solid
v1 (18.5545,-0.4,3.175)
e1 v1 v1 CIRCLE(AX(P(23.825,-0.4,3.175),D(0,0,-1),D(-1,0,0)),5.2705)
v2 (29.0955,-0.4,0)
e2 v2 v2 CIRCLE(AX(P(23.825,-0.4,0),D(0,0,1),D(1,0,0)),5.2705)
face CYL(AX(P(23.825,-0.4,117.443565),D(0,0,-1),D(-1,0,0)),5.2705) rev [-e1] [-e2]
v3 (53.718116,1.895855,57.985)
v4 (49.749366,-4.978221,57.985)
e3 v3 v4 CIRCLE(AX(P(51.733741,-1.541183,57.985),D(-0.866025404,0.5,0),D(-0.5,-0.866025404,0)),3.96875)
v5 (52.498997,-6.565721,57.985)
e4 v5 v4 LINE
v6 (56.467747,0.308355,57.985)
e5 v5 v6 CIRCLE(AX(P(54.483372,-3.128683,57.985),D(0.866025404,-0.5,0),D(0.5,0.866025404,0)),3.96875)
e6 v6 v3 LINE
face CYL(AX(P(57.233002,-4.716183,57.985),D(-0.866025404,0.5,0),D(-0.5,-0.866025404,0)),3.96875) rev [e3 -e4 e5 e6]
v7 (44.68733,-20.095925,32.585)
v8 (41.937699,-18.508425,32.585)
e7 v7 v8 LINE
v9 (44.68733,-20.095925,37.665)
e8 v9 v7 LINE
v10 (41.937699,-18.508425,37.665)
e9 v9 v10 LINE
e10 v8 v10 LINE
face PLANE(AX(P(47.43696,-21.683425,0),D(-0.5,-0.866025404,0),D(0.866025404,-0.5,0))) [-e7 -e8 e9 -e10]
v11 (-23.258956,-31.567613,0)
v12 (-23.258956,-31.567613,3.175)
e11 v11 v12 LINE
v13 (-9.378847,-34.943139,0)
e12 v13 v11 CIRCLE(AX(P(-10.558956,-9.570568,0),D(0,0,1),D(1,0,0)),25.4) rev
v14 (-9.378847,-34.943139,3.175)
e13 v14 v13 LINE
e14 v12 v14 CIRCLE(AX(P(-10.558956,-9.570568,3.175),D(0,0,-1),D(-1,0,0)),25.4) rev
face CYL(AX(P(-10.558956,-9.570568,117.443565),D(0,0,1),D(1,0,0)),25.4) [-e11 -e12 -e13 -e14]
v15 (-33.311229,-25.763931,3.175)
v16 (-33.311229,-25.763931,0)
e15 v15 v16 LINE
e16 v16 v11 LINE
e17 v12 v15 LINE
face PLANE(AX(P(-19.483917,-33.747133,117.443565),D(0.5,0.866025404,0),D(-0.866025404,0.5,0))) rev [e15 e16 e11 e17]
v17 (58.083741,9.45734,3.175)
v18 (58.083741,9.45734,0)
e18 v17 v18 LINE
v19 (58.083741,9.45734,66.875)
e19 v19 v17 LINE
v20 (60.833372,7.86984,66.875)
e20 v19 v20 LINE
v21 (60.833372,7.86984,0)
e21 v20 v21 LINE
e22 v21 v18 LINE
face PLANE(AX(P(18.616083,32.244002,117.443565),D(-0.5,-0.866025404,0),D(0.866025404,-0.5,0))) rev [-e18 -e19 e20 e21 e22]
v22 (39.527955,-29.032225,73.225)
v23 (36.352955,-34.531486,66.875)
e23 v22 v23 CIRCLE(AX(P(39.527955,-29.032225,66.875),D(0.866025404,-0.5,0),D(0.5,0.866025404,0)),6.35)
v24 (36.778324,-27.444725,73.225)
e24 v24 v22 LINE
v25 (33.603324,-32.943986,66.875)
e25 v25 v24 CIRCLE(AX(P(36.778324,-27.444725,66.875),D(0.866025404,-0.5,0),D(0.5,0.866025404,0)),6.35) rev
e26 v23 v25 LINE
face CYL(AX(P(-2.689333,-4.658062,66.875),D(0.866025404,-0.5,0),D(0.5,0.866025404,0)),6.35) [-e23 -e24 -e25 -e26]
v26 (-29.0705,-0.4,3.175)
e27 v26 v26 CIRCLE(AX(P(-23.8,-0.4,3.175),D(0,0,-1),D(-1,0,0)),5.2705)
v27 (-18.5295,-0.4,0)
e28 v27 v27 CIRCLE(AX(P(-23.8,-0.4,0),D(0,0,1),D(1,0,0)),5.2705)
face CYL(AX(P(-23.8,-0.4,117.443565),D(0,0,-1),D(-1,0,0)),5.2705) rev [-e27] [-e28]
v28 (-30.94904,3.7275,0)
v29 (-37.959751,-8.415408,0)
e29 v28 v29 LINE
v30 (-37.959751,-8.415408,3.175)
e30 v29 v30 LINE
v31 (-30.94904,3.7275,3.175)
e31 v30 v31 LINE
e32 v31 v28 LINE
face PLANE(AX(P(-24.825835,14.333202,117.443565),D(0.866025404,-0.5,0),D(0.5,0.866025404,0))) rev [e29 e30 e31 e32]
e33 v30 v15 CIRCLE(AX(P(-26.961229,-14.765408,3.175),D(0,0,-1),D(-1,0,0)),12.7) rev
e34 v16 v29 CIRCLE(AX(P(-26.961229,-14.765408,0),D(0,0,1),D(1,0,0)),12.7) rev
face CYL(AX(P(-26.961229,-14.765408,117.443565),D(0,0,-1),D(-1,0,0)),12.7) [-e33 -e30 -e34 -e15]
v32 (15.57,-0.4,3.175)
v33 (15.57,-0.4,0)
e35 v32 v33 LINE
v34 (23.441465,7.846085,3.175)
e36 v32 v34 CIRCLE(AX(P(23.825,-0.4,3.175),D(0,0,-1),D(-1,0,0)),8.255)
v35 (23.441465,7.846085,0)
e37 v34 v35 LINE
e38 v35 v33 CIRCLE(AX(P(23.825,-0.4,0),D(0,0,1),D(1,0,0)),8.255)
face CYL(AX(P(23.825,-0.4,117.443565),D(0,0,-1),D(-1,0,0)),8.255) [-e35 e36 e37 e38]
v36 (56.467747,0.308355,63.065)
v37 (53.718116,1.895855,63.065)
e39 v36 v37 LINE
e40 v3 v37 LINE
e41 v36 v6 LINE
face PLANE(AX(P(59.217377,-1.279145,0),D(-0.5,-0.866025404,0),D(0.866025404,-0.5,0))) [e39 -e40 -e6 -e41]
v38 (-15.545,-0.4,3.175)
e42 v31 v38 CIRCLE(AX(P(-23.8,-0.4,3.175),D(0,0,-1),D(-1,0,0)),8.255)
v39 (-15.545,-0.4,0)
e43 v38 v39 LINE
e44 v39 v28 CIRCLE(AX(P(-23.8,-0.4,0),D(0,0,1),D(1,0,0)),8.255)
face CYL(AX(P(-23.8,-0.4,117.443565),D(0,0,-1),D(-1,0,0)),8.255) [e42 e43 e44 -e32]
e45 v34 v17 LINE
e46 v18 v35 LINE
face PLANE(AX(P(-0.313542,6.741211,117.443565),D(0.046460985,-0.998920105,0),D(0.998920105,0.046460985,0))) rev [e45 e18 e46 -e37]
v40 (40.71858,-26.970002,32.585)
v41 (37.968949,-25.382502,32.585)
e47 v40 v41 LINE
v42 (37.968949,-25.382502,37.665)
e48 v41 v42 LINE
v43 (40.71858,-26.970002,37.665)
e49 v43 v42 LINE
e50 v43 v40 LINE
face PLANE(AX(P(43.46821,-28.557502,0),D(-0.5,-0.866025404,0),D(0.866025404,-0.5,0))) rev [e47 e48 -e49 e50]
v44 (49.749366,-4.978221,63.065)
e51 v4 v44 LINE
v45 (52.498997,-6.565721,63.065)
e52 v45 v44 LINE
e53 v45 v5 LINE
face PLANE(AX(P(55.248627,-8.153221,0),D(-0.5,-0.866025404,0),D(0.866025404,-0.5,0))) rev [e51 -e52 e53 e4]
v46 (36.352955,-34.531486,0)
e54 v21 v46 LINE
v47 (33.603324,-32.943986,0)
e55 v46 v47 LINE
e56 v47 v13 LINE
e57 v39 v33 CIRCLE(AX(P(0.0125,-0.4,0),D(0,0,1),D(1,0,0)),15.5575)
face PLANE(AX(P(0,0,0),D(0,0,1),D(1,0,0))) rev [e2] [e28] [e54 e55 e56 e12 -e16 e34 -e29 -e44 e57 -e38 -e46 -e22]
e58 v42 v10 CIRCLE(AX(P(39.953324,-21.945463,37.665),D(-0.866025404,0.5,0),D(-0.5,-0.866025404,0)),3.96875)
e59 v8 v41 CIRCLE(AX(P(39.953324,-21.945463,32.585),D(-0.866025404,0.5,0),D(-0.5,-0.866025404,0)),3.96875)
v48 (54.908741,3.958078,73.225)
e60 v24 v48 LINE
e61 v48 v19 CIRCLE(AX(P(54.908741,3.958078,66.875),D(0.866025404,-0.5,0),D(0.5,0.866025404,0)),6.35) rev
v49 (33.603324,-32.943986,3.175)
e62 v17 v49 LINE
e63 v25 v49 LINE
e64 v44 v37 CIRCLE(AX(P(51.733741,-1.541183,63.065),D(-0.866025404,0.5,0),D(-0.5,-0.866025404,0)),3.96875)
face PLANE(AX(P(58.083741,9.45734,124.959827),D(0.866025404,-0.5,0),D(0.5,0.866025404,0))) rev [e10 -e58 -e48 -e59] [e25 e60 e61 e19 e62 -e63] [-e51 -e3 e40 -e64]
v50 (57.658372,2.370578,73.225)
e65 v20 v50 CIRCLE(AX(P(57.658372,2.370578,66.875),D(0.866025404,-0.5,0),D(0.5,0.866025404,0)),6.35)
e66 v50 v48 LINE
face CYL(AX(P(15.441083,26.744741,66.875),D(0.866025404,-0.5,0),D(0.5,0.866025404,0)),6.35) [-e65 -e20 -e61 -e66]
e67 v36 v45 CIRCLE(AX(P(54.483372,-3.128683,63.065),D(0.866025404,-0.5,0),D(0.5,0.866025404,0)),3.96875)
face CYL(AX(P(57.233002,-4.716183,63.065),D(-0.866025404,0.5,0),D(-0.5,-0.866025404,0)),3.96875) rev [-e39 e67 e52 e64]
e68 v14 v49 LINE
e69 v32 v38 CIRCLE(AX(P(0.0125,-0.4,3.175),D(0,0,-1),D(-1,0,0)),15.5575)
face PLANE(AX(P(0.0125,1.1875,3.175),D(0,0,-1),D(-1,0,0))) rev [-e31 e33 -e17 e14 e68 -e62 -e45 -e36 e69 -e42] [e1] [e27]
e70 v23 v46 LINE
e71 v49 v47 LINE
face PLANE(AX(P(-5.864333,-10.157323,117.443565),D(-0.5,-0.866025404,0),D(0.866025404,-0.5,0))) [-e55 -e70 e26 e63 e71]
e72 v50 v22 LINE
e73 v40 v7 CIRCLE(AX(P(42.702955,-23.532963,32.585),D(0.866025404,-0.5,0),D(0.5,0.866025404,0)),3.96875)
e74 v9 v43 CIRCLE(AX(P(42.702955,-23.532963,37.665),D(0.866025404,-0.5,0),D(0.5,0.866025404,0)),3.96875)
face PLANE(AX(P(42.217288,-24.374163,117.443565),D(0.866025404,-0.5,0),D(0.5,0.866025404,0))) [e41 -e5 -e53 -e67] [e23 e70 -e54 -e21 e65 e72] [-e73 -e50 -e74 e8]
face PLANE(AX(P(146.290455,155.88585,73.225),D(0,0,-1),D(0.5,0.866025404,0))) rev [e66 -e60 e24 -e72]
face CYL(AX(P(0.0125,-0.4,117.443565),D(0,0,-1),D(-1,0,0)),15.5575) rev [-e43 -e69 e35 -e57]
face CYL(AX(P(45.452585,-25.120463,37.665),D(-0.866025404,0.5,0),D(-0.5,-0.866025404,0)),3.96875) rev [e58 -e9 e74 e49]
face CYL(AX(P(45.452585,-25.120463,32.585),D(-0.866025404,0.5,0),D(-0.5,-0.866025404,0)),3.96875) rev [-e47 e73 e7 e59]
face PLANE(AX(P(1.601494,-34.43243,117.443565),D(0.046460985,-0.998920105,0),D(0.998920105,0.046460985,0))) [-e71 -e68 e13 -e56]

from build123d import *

# Parameters (mm, degrees)
SKETCH3_R           = 5.2705
BOSS_EXTRUDE1_DEPTH = 3.175
BOSS_EXTRUDE2_DEPTH = 70.05
FILLET1_R           = 12.7
FILLET3_R           = 25.4
SKETCH5_R           = 3.96875
CUT_EXTRUDE1_DEPTH  = 6.35
FILLET4_R           = 6.35


with BuildPart() as part:
    # Sketch3 → Boss-Extrude1 (new body)
    with BuildSketch(Plane.XY):
        with BuildLine():
            Line((-31.875, 1.314467847), (-31.875, 2.123689729))
            Line((-31.875, 2.123689729), (-44.309751158, -19.413931056))
            Line((-44.309751158, -19.413931056), (-16.813444588, -35.288931056))
            Line((-16.813444588, -35.288931056), (33.603324087, -32.943986013))
            Line((33.603324087, -32.943986013), (36.352954744, -34.531486013))
            Line((36.352954744, -34.531486013), (60.833371586, 7.869839748))
            Line((60.833371586, 7.869839748), (58.083740929, 9.457339748))
            Line((58.083740929, 9.457339748), (23.441464566, 7.84608547))
            ThreePointArc((23.441464566, 7.84608547), (28.824079828, 6.169187612), (31.875, 1.428257367))
            ThreePointArc((31.875, 1.428257367), (32.028589915, 0.519857326), (32.08, -0.4))
            ThreePointArc((32.08, -0.4), (32.028589915, -1.319857326), (31.875, -2.228257367))
            Line((31.875, -2.228257367), (31.875, -6.284053394))
            ThreePointArc((31.875, -6.284053394), (21.132205448, -10.12115273), (9.948783703, -12.371051434))
            ThreePointArc((9.948783703, -12.371051434), (0.015428746, -15.957499724), (-9.919275826, -12.374791656))
            ThreePointArc((-9.919275826, -12.374791656), (-21.117875037, -10.125129582), (-31.875, -6.284053394))
            Line((-31.875, -6.284053394), (-31.875, -2.114467847))
            ThreePointArc((-31.875, -2.114467847), (-32.055, -0.4), (-31.875, 1.314467847))
        make_face()
        with BuildLine():
            ThreePointArc((15.57, -0.4), (14.094750174, -7.012566542), (9.948783703, -12.371051434))
            ThreePointArc((9.948783703, -12.371051434), (21.132205448, -10.12115273), (31.875, -6.284053394))
            Line((31.875, -6.284053394), (31.875, -2.228257367))
            ThreePointArc((31.875, -2.228257367), (22.905142674, -8.603589915), (15.57, -0.4))
        make_face()
        with BuildLine():
            ThreePointArc((23.441464566, 7.84608547), (17.853772739, 5.299953508), (15.57, -0.4))
            ThreePointArc((15.57, -0.4), (22.905142674, -8.603589915), (31.875, -2.228257367))
            Line((31.875, -2.228257367), (31.875, 1.428257367))
            ThreePointArc((31.875, 1.428257367), (28.824079828, 6.169187612), (23.441464566, 7.84608547))
        make_face()
        with Locations((23.825, -0.4)):
            Circle(SKETCH3_R, mode=Mode.SUBTRACT)
        with BuildLine():
            ThreePointArc((-9.919275826, -12.374791656), (-14.068505089, -7.015217451), (-15.545, -0.4))
            ThreePointArc((-15.545, -0.4), (-22.938054526, -8.609876674), (-31.875, -2.114467847))
            Line((-31.875, -2.114467847), (-31.875, -6.284053394))
            ThreePointArc((-31.875, -6.284053394), (-21.117875037, -10.125129582), (-9.919275826, -12.374791656))
        make_face()
        with BuildLine():
            ThreePointArc((-15.545, -0.4), (-21.663448783, 7.573717696), (-30.949039708, 3.7275))
            ThreePointArc((-30.949039708, 3.7275), (-31.507044005, 2.557447835), (-31.875, 1.314467847))
            Line((-31.875, 1.314467847), (-31.875, -2.114467847))
            ThreePointArc((-31.875, -2.114467847), (-22.938054526, -8.609876674), (-15.545, -0.4))
        make_face()
        with Locations((-23.8, -0.4)):
            Circle(SKETCH3_R, mode=Mode.SUBTRACT)
        with BuildLine():
            Line((31.875, 1.428257367), (31.875, -2.228257367))
            ThreePointArc((31.875, -2.228257367), (32.028589915, -1.319857326), (32.08, -0.4))
            ThreePointArc((32.08, -0.4), (32.028589915, 0.519857326), (31.875, 1.428257367))
        make_face()
        with BuildLine():
            Line((-31.875, -2.114467847), (-31.875, 1.314467847))
            ThreePointArc((-31.875, 1.314467847), (-32.055, -0.4), (-31.875, -2.114467847))
        make_face()
        with BuildLine():
            ThreePointArc((-31.875, 1.314467847), (-31.507044005, 2.557447835), (-30.949039708, 3.7275))
            Line((-30.949039708, 3.7275), (-31.875, 2.123689729))
            Line((-31.875, 2.123689729), (-31.875, 1.314467847))
        make_face()
    extrude(amount=BOSS_EXTRUDE1_DEPTH)

    # Sketch4 → Boss-Extrude2 (add)
    with BuildSketch(Plane.XY.offset(3.175)):
        Polygon((60.833371586, 7.869839748), (36.352954744, -34.531486013), (33.603324087, -32.943986013), (58.083740929, 9.457339748), align=None)
    extrude(amount=BOSS_EXTRUDE2_DEPTH)

    # Fillet1
    fillet1_edges = [part.edges().sort_by_distance(p)[0] for p in [
        (-44.309751158, -19.413931056, 1.5875),
    ]]
    fillet(fillet1_edges, radius=FILLET1_R)

    # Fillet3
    fillet3_edges = [part.edges().sort_by_distance(p)[0] for p in [
        (-16.813444588, -35.288931056, 1.5875),
    ]]
    fillet(fillet3_edges, radius=FILLET3_R)

    # Sketch5 → Cut-Extrude1 (cut)
    with BuildSketch(Plane(origin=(39.46765746, -22.786662659, 0), x_dir=(0, 0, 1), z_dir=(-0.866025404, 0.5, 0))):
        with Locations((63.065, 24.532166939)):
            Circle(SKETCH5_R)
        with Locations((57.985, 24.532166939)):
            Circle(SKETCH5_R)
        with BuildLine():
            ThreePointArc((60.525, 21.482679021), (59.335614932, 20.800302007), (57.985, 20.563416939))
            Line((57.985, 20.563416939), (63.065, 20.563416939))
            ThreePointArc((63.065, 20.563416939), (61.714385068, 20.800302007), (60.525, 21.482679021))
        make_face()
        with BuildLine():
            Line((63.065, 28.500916939), (57.985, 28.500916939))
            ThreePointArc((57.985, 28.500916939), (59.335614932, 28.26403187), (60.525, 27.581654857))
            ThreePointArc((60.525, 27.581654857), (61.714385068, 28.26403187), (63.065, 28.500916939))
        make_face()
        with Locations((37.665, 0.971333254)):
            Circle(SKETCH5_R)
        with Locations((32.585, 0.971333254)):
            Circle(SKETCH5_R)
        with BuildLine():
            Line((37.665, 4.940083254), (32.585, 4.940083254))
            ThreePointArc((32.585, 4.940083254), (33.935614932, 4.703198186), (35.125, 4.020821172))
            ThreePointArc((35.125, 4.020821172), (36.314385068, 4.703198186), (37.665, 4.940083254))
        make_face()
        with BuildLine():
            ThreePointArc((35.125, -2.078154664), (33.935614932, -2.760531678), (32.585, -2.997416746))
            Line((32.585, -2.997416746), (37.665, -2.997416746))
            ThreePointArc((37.665, -2.997416746), (36.314385068, -2.760531678), (35.125, -2.078154664))
        make_face()
    extrude(amount=-CUT_EXTRUDE1_DEPTH, mode=Mode.SUBTRACT)

    # Fillet4
    fillet4_edges = [part.edges().sort_by_distance(p)[0] for p in [
        (34.978139415, -33.737736013, 73.225),
        (59.458556258, 8.663589748, 73.225),
    ]]
    fillet(fillet4_edges, radius=FILLET4_R)


solid = part.part
